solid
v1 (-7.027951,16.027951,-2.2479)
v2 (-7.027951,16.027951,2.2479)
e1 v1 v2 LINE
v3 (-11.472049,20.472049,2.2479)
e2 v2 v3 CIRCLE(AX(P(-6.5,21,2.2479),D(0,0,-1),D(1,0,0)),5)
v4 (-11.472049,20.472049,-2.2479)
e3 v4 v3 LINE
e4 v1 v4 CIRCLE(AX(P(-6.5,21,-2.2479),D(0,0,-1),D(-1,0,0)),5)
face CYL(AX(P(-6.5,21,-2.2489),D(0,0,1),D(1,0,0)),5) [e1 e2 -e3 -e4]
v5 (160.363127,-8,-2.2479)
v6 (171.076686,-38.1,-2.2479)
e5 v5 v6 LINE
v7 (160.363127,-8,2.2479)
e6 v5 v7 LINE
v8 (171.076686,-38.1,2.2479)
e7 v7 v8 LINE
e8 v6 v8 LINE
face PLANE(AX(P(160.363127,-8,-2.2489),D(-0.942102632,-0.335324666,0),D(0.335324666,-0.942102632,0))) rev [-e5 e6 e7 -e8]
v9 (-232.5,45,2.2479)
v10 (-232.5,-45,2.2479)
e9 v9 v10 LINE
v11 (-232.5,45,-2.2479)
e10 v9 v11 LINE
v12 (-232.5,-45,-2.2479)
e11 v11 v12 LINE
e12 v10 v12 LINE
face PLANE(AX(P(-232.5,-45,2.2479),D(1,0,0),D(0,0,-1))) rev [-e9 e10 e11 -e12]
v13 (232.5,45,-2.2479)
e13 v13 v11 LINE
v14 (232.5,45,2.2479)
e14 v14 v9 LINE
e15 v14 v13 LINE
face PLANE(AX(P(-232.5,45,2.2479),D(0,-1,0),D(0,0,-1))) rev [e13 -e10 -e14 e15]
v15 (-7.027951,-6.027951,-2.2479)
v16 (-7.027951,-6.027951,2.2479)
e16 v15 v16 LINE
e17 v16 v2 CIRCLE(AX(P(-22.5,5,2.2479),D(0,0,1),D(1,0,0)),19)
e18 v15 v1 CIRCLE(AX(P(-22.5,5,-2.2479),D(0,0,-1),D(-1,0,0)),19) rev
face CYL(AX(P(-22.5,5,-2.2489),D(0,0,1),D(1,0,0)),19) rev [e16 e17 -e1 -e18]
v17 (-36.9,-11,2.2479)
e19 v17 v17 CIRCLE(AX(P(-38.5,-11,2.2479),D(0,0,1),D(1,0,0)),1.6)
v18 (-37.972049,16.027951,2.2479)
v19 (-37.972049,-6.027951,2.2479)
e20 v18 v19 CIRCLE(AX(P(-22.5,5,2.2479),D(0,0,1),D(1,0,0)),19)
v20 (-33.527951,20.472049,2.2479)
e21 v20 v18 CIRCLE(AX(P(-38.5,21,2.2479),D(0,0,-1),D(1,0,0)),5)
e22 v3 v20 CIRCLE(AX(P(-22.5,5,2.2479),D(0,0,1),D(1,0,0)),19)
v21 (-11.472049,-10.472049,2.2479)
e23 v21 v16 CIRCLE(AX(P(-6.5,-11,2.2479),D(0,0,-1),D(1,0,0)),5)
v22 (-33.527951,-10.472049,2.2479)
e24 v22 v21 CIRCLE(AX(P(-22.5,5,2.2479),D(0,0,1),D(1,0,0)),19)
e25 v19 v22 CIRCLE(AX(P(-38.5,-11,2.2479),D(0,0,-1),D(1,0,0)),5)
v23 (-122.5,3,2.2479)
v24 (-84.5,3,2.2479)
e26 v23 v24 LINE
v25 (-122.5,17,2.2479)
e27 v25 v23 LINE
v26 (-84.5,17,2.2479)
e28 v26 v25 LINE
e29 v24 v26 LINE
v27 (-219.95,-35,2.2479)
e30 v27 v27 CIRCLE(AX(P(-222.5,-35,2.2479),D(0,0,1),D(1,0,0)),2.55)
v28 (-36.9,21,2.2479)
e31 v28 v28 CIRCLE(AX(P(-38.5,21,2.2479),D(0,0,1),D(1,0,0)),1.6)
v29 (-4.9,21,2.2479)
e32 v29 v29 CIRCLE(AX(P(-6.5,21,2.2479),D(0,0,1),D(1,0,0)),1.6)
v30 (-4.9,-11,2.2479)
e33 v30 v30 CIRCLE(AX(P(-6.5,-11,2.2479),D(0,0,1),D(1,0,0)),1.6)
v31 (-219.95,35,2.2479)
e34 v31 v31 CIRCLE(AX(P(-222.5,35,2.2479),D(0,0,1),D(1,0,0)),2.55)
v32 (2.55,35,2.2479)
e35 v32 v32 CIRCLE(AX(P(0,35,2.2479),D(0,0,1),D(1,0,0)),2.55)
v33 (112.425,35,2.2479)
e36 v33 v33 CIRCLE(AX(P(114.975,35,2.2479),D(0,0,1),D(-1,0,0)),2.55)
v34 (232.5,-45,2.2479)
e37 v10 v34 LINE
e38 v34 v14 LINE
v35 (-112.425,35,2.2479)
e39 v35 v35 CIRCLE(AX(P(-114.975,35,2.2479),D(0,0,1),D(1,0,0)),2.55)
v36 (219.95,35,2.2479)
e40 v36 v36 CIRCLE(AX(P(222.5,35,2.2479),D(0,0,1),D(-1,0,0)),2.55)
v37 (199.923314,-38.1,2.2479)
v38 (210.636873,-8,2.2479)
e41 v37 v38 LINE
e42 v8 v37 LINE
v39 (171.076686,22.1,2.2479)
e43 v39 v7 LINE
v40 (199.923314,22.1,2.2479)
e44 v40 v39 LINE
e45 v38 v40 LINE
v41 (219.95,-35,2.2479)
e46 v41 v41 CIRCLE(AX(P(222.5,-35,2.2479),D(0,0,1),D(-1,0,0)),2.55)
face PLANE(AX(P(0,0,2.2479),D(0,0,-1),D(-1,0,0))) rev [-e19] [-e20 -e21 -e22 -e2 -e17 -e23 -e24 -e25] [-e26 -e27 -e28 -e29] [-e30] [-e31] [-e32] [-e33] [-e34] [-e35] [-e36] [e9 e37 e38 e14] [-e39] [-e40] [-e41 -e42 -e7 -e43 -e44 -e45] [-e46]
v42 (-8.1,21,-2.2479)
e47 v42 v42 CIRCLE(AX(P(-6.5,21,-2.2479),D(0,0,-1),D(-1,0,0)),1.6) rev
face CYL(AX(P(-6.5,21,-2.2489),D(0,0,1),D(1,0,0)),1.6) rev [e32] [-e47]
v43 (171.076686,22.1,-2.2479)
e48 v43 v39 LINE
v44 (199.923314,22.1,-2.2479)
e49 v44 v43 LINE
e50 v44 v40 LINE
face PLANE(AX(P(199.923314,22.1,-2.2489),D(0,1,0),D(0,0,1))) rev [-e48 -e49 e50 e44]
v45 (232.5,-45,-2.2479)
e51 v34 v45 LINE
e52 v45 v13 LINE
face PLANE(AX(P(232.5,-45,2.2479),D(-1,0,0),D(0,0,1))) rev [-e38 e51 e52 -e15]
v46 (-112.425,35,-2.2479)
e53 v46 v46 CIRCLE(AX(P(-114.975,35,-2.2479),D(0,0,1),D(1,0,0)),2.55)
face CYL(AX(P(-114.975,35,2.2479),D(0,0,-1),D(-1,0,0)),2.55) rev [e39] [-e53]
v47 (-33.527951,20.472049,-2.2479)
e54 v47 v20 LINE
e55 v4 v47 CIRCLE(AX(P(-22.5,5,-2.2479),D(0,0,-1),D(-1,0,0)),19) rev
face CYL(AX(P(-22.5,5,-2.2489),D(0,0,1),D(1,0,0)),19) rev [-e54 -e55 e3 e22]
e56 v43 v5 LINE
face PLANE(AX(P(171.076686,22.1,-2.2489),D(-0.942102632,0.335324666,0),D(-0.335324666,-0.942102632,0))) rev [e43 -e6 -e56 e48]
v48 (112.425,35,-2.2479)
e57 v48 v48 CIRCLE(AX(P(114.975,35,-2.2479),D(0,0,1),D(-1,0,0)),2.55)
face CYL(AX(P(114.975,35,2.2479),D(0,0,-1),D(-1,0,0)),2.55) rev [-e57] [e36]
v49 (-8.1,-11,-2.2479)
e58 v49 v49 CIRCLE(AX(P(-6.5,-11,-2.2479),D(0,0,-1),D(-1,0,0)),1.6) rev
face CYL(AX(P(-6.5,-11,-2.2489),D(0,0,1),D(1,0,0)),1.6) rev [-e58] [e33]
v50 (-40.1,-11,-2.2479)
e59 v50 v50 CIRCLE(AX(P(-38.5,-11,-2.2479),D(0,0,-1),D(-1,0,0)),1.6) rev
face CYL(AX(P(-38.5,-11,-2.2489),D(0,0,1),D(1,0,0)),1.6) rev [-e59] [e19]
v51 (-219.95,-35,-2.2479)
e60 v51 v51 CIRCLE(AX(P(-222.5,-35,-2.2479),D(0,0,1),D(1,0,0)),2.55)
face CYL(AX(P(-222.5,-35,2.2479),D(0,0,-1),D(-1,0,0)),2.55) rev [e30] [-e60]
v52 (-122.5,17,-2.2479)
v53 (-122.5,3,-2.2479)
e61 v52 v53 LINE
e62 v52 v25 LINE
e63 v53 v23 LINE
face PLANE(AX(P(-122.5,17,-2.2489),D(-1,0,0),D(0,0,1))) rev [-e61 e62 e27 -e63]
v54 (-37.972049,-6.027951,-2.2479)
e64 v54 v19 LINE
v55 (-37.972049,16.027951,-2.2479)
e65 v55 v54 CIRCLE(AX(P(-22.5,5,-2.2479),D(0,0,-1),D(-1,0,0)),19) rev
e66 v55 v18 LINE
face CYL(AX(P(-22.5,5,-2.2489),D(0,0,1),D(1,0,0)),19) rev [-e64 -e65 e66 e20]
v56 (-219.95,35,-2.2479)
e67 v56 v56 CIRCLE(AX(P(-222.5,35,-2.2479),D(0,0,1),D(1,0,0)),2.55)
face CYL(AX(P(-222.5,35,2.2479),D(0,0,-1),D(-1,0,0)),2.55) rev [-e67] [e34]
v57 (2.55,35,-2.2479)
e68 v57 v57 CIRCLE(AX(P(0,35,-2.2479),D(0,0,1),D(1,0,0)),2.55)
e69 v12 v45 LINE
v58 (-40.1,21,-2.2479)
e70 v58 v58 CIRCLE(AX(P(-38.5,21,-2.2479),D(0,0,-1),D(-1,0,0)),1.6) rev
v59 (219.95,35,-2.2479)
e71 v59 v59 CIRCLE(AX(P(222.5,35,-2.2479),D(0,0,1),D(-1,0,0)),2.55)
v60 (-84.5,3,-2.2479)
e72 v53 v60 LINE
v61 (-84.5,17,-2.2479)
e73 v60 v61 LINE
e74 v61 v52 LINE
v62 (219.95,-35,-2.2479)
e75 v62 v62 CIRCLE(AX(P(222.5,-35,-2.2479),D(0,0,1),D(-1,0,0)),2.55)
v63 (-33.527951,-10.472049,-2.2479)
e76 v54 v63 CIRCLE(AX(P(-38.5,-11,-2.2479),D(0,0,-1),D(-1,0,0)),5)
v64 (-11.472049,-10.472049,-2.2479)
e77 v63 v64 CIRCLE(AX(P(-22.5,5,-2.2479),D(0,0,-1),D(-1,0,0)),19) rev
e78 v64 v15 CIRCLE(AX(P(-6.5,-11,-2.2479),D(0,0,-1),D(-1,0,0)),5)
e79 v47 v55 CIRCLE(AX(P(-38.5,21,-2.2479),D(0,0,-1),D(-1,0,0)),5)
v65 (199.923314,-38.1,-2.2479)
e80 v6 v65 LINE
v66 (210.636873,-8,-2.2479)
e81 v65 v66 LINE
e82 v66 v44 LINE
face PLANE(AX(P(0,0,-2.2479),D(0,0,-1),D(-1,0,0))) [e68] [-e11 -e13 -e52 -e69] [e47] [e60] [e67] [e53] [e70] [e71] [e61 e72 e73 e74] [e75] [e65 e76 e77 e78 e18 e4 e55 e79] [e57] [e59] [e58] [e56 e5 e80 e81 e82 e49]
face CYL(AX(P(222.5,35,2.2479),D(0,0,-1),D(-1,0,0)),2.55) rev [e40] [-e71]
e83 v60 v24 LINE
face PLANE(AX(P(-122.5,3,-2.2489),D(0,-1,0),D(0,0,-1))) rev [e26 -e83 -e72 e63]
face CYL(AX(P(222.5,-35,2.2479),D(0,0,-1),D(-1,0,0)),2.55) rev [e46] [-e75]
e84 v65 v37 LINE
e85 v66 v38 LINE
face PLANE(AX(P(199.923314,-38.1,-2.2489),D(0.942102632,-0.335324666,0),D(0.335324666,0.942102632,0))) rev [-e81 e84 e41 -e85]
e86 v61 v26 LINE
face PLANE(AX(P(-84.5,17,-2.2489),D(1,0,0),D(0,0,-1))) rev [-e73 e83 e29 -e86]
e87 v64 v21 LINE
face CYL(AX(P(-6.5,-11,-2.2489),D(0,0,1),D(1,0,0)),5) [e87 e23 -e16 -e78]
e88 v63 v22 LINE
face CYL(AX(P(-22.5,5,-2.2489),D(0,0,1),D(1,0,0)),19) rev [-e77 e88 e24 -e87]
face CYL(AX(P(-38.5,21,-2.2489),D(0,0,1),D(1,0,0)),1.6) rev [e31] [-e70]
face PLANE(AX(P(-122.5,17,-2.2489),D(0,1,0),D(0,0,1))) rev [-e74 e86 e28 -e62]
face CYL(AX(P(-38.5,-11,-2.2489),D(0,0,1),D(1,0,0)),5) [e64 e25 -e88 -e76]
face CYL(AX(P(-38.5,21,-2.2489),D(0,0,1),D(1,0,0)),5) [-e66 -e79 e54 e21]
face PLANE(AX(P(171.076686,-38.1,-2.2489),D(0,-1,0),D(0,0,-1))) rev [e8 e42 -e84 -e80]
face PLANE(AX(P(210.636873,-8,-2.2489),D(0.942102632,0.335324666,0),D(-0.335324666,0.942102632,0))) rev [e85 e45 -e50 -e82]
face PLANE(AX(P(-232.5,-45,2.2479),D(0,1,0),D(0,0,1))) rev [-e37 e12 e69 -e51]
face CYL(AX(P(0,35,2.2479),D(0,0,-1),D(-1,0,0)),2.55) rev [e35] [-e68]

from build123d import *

# Parameters (mm, degrees)
SKETCH1_W           = 465
SKETCH1_H           = 90
SKETCH1_R           = 2.55
BOSS_EXTRUDE1_DEPTH = 2.2479
CUT_EXTRUDE1_REACH  = 238.857
SKETCH2_R           = 1.6
SKETCH2_W           = 38
SKETCH2_H           = 14


with BuildPart() as part:
    # Sketch1 → Boss-Extrude1 (new, symmetric)
    with BuildSketch(Plane.XY):
        Rectangle(SKETCH1_W, SKETCH1_H)
        with Locations((-222.5, 35)):
            Circle(SKETCH1_R, mode=Mode.SUBTRACT)
        with Locations((-222.5, -35)):
            Circle(SKETCH1_R, mode=Mode.SUBTRACT)
        with Locations((0, 35)):
            Circle(SKETCH1_R, mode=Mode.SUBTRACT)
        with Locations((-114.975, 35)):
            Circle(SKETCH1_R, mode=Mode.SUBTRACT)
        with Locations(Location((222.5, -35, 0), (0, 0, 180))):
            Circle(SKETCH1_R, mode=Mode.SUBTRACT)
        with Locations(Location((222.5, 35, 0), (0, 0, 180))):
            Circle(SKETCH1_R, mode=Mode.SUBTRACT)
        with Locations(Location((114.975, 35, 0), (0, 0, 180))):
            Circle(SKETCH1_R, mode=Mode.SUBTRACT)
    extrude(amount=BOSS_EXTRUDE1_DEPTH, both=True)

    # Sketch2 → Cut-Extrude1 (cut, up to next)
    with BuildSketch(Plane.XY.offset(2.2479), mode=Mode.PRIVATE) as cut_extrude1_sk1:
        with Locations((-6.5, 21)):
            Circle(SKETCH2_R)
    cut_extrude1_tool1 = extrude(cut_extrude1_sk1.sketch, amount=-CUT_EXTRUDE1_REACH, mode=Mode.PRIVATE) & part.part
    # Sketch2 → Cut-Extrude1 (cut, up to next)
    with BuildSketch(Plane.XY.offset(2.2479), mode=Mode.PRIVATE) as cut_extrude1_sk2:
        with Locations((-38.5, 21)):
            Circle(SKETCH2_R)
    cut_extrude1_tool2 = extrude(cut_extrude1_sk2.sketch, amount=-CUT_EXTRUDE1_REACH, mode=Mode.PRIVATE) & part.part
    # Sketch2 → Cut-Extrude1 (cut, up to next)
    with BuildSketch(Plane.XY.offset(2.2479), mode=Mode.PRIVATE) as cut_extrude1_sk3:
        with Locations((-38.5, -11)):
            Circle(SKETCH2_R)
    cut_extrude1_tool3 = extrude(cut_extrude1_sk3.sketch, amount=-CUT_EXTRUDE1_REACH, mode=Mode.PRIVATE) & part.part
    # Sketch2 → Cut-Extrude1 (cut, up to next)
    with BuildSketch(Plane.XY.offset(2.2479), mode=Mode.PRIVATE) as cut_extrude1_sk4:
        with Locations((-6.5, -11)):
            Circle(SKETCH2_R)
    cut_extrude1_tool4 = extrude(cut_extrude1_sk4.sketch, amount=-CUT_EXTRUDE1_REACH, mode=Mode.PRIVATE) & part.part
    # Sketch2 → Cut-Extrude1 (cut, up to next)
    with BuildSketch(Plane.XY.offset(2.2479), mode=Mode.PRIVATE) as cut_extrude1_sk5:
        with Locations((-103.5, 10)):
            Rectangle(SKETCH2_W, SKETCH2_H)
    cut_extrude1_tool5 = extrude(cut_extrude1_sk5.sketch, amount=-CUT_EXTRUDE1_REACH, mode=Mode.PRIVATE) & part.part
    # Sketch2 → Cut-Extrude1 (cut, up to next)
    with BuildSketch(Plane.XY.offset(2.2479), mode=Mode.PRIVATE) as cut_extrude1_sk6:
        Polygon((210.636873287, -8), (199.923313965, 22.1), (171.076686035, 22.1), (160.363126713, -8), (171.076686035, -38.1), (199.923313965, -38.1), align=None)
    cut_extrude1_tool6 = extrude(cut_extrude1_sk6.sketch, amount=-CUT_EXTRUDE1_REACH, mode=Mode.PRIVATE) & part.part
    # Sketch2 → Cut-Extrude1 (cut, up to next)
    with BuildSketch(Plane.XY.offset(2.2479), mode=Mode.PRIVATE) as cut_extrude1_sk7:
        with BuildLine():
            ThreePointArc((-33.527951396, -10.472048604), (-22.5, -14), (-11.472048604, -10.472048604))
            ThreePointArc((-11.472048604, -10.472048604), (-10.035533906, -7.464466094), (-7.027951396, -6.027951396))
            ThreePointArc((-7.027951396, -6.027951396), (-3.5, 5), (-7.027951396, 16.027951396))
            ThreePointArc((-7.027951396, 16.027951396), (-10.035533906, 17.464466094), (-11.472048604, 20.472048604))
            ThreePointArc((-11.472048604, 20.472048604), (-22.5, 24), (-33.527951396, 20.472048604))
            ThreePointArc((-33.527951396, 20.472048604), (-34.964466094, 17.464466094), (-37.972048604, 16.027951396))
            ThreePointArc((-37.972048604, 16.027951396), (-41.5, 5), (-37.972048604, -6.027951396))
            ThreePointArc((-37.972048604, -6.027951396), (-34.964466094, -7.464466094), (-33.527951396, -10.472048604))
        make_face()
    cut_extrude1_tool7 = extrude(cut_extrude1_sk7.sketch, amount=-CUT_EXTRUDE1_REACH, mode=Mode.PRIVATE) & part.part
    add(cut_extrude1_tool1.solids().sort_by_distance((-6.5, 21, 2.2479))[0], mode=Mode.SUBTRACT)
    add(cut_extrude1_tool2.solids().sort_by_distance((-38.5, 21, 2.2479))[0], mode=Mode.SUBTRACT)
    add(cut_extrude1_tool3.solids().sort_by_distance((-38.5, -11, 2.2479))[0], mode=Mode.SUBTRACT)
    add(cut_extrude1_tool4.solids().sort_by_distance((-6.5, -11, 2.2479))[0], mode=Mode.SUBTRACT)
    add(cut_extrude1_tool5.solids().sort_by_distance((-103.5, 10, 2.2479))[0], mode=Mode.SUBTRACT)
    add(cut_extrude1_tool6.solids().sort_by_distance((185.5, -8, 2.2479))[0], mode=Mode.SUBTRACT)
    add(cut_extrude1_tool7.solids().sort_by_distance((-22.5, 5, 2.2479))[0], mode=Mode.SUBTRACT)


solid = part.part
